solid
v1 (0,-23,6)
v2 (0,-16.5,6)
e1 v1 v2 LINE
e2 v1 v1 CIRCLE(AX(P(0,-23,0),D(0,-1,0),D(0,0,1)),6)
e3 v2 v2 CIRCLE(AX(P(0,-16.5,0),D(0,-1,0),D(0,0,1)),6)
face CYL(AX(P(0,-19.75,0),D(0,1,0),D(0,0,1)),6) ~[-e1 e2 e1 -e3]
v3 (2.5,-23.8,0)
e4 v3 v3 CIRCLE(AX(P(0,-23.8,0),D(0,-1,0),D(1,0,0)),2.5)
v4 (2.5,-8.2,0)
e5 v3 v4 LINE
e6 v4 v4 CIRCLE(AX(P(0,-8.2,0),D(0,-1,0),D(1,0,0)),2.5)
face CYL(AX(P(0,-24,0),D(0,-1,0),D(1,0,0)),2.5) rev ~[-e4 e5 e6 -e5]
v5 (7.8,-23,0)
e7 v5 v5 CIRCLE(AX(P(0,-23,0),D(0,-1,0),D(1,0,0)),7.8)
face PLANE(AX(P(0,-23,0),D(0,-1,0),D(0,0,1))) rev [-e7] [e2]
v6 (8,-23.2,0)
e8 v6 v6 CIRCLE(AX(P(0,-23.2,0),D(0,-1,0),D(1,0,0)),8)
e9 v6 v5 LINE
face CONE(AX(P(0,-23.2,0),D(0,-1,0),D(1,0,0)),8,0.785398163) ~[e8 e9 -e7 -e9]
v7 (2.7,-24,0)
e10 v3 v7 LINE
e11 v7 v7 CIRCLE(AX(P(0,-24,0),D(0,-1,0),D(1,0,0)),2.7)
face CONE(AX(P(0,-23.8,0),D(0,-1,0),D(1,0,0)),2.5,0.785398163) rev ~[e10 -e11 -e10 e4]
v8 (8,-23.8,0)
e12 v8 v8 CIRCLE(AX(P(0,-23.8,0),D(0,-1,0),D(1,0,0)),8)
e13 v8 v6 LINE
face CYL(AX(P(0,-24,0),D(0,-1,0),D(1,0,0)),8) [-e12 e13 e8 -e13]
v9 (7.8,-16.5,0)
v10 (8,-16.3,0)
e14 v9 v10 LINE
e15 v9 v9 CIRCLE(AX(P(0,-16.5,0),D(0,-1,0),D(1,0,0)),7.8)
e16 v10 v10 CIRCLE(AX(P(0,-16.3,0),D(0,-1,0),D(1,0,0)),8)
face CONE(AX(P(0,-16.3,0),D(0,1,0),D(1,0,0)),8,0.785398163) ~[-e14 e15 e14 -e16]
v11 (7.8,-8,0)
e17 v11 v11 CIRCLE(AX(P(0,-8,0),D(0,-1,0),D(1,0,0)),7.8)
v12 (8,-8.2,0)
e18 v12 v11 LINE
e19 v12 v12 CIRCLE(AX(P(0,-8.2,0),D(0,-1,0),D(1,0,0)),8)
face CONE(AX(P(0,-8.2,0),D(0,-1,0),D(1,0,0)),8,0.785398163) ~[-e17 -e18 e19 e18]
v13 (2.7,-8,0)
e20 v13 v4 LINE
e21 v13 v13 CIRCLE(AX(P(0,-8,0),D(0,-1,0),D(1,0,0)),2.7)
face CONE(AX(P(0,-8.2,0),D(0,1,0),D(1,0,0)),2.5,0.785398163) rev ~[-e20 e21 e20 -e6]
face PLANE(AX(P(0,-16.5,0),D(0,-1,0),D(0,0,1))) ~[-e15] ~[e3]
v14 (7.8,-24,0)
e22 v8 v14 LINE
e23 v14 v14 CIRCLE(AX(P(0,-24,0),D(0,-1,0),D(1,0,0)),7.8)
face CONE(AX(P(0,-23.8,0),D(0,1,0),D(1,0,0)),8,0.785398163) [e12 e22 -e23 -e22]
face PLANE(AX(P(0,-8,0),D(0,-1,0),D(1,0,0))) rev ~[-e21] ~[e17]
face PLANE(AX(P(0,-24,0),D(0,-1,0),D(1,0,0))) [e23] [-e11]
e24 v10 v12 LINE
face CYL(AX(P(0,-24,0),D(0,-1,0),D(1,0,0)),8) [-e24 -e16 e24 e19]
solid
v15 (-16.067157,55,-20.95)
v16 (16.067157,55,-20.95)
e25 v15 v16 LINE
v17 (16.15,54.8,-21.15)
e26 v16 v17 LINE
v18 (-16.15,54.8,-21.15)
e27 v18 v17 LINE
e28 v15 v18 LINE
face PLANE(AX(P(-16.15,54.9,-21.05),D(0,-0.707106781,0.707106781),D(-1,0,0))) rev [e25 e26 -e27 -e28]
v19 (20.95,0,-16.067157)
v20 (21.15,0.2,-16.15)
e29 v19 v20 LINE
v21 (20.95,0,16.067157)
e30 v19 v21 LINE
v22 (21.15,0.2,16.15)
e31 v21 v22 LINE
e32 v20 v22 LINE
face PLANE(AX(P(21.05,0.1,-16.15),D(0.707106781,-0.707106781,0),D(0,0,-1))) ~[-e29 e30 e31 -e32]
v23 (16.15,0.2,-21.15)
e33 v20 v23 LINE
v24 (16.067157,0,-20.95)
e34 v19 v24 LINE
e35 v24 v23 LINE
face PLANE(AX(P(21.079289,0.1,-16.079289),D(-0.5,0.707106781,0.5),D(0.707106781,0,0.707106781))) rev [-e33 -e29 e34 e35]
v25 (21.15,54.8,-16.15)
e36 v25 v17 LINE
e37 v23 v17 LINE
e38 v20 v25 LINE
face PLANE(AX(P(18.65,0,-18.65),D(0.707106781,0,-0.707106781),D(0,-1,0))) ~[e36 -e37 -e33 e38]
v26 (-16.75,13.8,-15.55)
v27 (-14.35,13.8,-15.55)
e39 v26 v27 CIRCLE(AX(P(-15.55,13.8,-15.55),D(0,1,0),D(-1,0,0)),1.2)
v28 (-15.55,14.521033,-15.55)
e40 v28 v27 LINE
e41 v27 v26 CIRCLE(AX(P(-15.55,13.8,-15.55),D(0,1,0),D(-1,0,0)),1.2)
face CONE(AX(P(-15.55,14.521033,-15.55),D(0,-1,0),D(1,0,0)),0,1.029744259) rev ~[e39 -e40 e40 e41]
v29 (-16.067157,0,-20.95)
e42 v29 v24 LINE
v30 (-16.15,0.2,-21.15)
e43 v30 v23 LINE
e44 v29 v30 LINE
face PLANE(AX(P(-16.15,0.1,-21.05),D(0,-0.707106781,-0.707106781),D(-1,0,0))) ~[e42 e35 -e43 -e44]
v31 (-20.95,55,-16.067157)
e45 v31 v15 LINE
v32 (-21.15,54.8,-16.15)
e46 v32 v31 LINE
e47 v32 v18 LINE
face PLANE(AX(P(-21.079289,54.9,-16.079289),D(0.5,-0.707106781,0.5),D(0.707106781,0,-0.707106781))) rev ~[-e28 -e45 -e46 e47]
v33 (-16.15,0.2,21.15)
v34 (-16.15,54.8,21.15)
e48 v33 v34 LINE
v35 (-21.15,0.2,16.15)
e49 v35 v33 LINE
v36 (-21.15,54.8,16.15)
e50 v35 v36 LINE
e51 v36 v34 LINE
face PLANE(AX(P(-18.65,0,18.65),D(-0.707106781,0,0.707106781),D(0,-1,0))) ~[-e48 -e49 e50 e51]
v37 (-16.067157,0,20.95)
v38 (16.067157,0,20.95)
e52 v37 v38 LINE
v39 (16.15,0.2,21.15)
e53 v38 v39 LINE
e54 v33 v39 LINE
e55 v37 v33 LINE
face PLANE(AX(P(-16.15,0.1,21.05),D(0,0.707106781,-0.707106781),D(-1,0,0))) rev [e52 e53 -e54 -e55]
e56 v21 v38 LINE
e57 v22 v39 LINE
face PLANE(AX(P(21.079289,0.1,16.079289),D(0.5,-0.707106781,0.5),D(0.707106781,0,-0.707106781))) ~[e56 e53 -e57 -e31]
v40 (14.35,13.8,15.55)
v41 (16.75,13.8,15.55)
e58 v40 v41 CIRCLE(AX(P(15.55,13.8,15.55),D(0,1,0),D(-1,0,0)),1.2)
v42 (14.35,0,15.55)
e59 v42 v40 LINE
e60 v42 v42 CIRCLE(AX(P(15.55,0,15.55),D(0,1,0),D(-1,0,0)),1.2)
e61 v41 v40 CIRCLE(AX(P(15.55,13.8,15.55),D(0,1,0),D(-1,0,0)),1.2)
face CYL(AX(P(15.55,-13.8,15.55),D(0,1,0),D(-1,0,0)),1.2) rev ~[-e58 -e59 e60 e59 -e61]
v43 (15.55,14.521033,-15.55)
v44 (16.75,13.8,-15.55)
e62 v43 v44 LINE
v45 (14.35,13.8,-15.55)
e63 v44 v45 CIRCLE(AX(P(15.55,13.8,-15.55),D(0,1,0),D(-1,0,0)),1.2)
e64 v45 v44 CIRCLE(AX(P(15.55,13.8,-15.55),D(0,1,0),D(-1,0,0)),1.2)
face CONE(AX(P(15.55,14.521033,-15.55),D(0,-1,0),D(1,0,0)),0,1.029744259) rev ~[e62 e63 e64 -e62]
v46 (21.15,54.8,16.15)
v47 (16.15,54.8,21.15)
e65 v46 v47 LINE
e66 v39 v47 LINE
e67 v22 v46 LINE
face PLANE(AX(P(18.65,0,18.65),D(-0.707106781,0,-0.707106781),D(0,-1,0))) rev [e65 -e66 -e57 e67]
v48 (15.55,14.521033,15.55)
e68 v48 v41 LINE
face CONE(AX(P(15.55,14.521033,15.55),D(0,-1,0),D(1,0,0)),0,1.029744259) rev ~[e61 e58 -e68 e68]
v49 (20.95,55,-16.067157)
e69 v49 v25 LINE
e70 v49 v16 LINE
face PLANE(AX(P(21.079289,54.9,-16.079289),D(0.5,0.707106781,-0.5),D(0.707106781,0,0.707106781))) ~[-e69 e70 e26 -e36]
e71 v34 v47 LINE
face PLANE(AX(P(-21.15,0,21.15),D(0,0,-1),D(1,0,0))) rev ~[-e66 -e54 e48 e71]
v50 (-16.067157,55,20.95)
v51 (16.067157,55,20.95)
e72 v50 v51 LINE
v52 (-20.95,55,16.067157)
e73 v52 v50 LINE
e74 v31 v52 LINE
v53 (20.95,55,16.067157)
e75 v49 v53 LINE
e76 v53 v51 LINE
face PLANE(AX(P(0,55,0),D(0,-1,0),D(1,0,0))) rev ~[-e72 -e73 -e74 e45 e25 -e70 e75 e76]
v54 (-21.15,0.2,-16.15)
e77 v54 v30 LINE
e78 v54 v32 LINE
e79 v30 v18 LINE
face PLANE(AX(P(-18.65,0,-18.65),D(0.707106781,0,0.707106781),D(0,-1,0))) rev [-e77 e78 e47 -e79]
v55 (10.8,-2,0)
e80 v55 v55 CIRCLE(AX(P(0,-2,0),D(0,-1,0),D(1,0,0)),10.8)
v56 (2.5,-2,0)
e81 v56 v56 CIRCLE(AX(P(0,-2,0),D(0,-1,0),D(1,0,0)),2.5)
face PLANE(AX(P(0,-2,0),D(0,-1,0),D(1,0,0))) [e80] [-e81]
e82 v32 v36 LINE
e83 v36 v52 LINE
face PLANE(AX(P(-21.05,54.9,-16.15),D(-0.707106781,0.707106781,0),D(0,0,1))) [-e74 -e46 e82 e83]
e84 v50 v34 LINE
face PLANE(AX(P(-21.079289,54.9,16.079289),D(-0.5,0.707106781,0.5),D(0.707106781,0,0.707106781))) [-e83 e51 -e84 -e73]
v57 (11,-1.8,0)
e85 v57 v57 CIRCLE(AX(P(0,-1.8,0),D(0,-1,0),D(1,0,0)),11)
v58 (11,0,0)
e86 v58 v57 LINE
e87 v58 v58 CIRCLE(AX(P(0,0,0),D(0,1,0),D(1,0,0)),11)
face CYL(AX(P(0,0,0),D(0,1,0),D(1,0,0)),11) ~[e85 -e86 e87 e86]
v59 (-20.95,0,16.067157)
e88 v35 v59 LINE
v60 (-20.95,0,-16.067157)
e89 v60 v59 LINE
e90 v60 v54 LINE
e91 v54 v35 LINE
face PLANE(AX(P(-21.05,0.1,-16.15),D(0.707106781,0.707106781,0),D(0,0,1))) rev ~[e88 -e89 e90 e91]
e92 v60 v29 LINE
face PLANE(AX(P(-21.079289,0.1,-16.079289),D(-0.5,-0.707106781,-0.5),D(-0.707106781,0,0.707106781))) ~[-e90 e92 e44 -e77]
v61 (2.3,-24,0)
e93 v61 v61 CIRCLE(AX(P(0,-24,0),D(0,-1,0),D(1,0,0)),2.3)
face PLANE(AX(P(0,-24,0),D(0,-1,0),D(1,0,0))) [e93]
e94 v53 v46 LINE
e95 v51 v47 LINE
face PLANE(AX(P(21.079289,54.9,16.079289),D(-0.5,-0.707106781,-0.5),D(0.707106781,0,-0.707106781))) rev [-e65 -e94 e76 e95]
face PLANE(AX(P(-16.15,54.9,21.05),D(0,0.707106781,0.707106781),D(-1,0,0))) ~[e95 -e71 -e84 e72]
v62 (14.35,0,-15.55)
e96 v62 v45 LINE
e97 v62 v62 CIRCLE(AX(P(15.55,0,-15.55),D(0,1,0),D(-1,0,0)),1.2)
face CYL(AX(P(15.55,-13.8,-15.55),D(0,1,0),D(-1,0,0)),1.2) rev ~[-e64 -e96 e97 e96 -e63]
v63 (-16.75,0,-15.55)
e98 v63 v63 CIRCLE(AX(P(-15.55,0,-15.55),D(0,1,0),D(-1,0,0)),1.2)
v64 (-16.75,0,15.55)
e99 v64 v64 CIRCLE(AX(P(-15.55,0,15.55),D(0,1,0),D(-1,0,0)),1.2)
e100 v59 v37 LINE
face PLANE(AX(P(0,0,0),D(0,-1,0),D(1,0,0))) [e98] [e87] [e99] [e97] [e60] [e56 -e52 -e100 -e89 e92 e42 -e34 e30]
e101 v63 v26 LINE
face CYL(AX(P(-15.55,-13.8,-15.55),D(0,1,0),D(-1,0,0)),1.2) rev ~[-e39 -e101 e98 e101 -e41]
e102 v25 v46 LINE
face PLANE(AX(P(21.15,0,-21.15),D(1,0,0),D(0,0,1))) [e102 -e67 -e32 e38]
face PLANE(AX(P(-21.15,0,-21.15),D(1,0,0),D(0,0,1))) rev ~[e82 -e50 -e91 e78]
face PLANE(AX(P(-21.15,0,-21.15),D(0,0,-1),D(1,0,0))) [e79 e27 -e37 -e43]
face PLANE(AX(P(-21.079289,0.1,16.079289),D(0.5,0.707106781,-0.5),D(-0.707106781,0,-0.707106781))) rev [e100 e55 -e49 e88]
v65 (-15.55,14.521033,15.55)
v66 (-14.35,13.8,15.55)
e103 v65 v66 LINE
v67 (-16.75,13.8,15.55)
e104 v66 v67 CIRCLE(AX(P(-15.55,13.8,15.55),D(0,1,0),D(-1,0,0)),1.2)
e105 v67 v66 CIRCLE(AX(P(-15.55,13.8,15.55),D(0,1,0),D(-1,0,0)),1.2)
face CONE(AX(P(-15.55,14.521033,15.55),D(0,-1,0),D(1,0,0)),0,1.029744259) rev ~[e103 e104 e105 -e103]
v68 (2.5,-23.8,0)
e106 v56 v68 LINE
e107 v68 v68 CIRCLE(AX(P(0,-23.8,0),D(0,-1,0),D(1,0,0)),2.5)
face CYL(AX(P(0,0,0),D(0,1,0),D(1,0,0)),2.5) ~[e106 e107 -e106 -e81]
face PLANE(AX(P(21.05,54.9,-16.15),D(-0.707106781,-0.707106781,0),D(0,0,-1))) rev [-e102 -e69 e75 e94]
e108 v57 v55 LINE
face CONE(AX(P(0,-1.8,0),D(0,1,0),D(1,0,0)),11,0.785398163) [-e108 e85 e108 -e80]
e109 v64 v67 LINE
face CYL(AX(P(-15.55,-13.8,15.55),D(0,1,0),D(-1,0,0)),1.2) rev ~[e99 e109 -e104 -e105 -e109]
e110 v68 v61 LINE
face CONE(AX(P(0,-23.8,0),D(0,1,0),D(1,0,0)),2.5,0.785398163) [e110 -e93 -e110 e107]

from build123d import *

# Parameters (mm, degrees)
F0_R      = 11
F0_R_2    = 2.5
F1_DEPTH  = 2
F2_DEPTH  = 24
F0_W      = 42.3
F0_H      = 42.3
F0_W_2    = 31.1
F0_H_2    = 31.1
F2_FACE_R = 11
F3_DEPTH  = 55
F4_SIZE   = 5
F5_SIZE   = 0.2
F6_D      = 2.4
F6_DEPTH  = 13.8
F6_TIP    = 0.7210327428
F7_R      = 8
F7_R_2    = 2.5
F8_DEPTH  = 16
F9_W      = 6.5
F9_H      = 2
F11_SIZE  = 0.2


with BuildPart() as f1:
    # F0 (on Front) → F1 (new body)
    with BuildSketch(Plane.XZ):
        Circle(F0_R)
        Circle(F0_R_2, mode=Mode.SUBTRACT)
    extrude(amount=F1_DEPTH)

    # F0 (on Front) → F2 (join)
    with BuildSketch(Plane.XZ):
        Circle(F0_R_2)
    extrude(amount=F2_DEPTH)

    # F0 (on Front) + F2_face (on face) → F3 (join)
    with BuildSketch(Plane.XZ):
        Rectangle(F0_W, F0_H)
        Rectangle(F0_W_2, F0_H_2, mode=Mode.SUBTRACT)
        Rectangle(F0_W_2, F0_H_2)
        Circle(F0_R, mode=Mode.SUBTRACT)
    with BuildSketch(Plane(origin=(0, 0, 0), x_dir=(-1, 0, 0), z_dir=(0, 1, 0))):
        Circle(F2_FACE_R)
    extrude(amount=-F3_DEPTH, dir=(0, -1, 0))

    # F4
    f4_edges = [f1.edges().sort_by_distance(p)[0] for p in [
        (21.15, 27.5, 21.15),
        (21.15, 27.5, -21.15),
        (-21.15, 27.5, -21.15),
        (-21.15, 27.5, 21.15),
    ]]
    chamfer(f4_edges, length=F4_SIZE)

    # F5
    f5_edges = [f1.edges().sort_by_distance(p)[0] for p in [
        (-11, -2, 0),
        (-2.5, -24, 0),
        (21.15, 55, 0),
        (18.65, 55, -18.65),
        (18.65, 55, 18.65),
        (0, 55, -21.15),
        (0, 55, 21.15),
        (-18.65, 55, -18.65),
        (-18.65, 55, 18.65),
        (-21.15, 55, 0),
        (0, 0, 21.15),
        (18.65, 0, 18.65),
        (21.15, 0, 0),
        (18.65, 0, -18.65),
        (0, 0, -21.15),
        (-18.65, 0, -18.65),
        (-21.15, 0, 0),
        (-18.65, 0, 18.65),
    ]]
    chamfer(f5_edges, length=F5_SIZE)

    # F6
    with Locations(Plane.XZ):
        with Locations((-15.55, 15.55), (15.55, 15.55), (15.55, -15.55), (-15.55, -15.55)):
            Hole(F6_D / 2, depth=F6_DEPTH)
            with Locations((0, 0, -(F6_DEPTH + F6_TIP / 2))):  # 118° drill point
                Cone(0, F6_D / 2, F6_TIP, mode=Mode.SUBTRACT)


with BuildPart() as f8:
    # F7 (on face) → F8 (new body)
    with BuildSketch(Plane.XZ.offset(24)):
        Circle(F7_R)
        Circle(F7_R_2, mode=Mode.SUBTRACT)
    extrude(amount=-F8_DEPTH)

    # F9 (on Right) → F10 (revolve, cut)
    with BuildSketch(Plane.YZ):
        with Locations((-19.75, 7)):
            Rectangle(F9_W, F9_H)
    revolve(axis=Axis((0, -24, 0), (0, -1, 0)), mode=Mode.SUBTRACT)

    # F11
    f11_edges = [f8.edges().sort_by_distance(p)[0] for p in [
        (-8, -24, 0),
        (-2.5, -24, 0),
        (-8, -23, 0),
        (-8, -16.5, 0),
        (8, -12.25, 0),
        (-8, -8, 0),
        (-2.5, -8, 0),
    ]]
    chamfer(f11_edges, length=F11_SIZE)


solid = Compound([f1.part, f8.part])
